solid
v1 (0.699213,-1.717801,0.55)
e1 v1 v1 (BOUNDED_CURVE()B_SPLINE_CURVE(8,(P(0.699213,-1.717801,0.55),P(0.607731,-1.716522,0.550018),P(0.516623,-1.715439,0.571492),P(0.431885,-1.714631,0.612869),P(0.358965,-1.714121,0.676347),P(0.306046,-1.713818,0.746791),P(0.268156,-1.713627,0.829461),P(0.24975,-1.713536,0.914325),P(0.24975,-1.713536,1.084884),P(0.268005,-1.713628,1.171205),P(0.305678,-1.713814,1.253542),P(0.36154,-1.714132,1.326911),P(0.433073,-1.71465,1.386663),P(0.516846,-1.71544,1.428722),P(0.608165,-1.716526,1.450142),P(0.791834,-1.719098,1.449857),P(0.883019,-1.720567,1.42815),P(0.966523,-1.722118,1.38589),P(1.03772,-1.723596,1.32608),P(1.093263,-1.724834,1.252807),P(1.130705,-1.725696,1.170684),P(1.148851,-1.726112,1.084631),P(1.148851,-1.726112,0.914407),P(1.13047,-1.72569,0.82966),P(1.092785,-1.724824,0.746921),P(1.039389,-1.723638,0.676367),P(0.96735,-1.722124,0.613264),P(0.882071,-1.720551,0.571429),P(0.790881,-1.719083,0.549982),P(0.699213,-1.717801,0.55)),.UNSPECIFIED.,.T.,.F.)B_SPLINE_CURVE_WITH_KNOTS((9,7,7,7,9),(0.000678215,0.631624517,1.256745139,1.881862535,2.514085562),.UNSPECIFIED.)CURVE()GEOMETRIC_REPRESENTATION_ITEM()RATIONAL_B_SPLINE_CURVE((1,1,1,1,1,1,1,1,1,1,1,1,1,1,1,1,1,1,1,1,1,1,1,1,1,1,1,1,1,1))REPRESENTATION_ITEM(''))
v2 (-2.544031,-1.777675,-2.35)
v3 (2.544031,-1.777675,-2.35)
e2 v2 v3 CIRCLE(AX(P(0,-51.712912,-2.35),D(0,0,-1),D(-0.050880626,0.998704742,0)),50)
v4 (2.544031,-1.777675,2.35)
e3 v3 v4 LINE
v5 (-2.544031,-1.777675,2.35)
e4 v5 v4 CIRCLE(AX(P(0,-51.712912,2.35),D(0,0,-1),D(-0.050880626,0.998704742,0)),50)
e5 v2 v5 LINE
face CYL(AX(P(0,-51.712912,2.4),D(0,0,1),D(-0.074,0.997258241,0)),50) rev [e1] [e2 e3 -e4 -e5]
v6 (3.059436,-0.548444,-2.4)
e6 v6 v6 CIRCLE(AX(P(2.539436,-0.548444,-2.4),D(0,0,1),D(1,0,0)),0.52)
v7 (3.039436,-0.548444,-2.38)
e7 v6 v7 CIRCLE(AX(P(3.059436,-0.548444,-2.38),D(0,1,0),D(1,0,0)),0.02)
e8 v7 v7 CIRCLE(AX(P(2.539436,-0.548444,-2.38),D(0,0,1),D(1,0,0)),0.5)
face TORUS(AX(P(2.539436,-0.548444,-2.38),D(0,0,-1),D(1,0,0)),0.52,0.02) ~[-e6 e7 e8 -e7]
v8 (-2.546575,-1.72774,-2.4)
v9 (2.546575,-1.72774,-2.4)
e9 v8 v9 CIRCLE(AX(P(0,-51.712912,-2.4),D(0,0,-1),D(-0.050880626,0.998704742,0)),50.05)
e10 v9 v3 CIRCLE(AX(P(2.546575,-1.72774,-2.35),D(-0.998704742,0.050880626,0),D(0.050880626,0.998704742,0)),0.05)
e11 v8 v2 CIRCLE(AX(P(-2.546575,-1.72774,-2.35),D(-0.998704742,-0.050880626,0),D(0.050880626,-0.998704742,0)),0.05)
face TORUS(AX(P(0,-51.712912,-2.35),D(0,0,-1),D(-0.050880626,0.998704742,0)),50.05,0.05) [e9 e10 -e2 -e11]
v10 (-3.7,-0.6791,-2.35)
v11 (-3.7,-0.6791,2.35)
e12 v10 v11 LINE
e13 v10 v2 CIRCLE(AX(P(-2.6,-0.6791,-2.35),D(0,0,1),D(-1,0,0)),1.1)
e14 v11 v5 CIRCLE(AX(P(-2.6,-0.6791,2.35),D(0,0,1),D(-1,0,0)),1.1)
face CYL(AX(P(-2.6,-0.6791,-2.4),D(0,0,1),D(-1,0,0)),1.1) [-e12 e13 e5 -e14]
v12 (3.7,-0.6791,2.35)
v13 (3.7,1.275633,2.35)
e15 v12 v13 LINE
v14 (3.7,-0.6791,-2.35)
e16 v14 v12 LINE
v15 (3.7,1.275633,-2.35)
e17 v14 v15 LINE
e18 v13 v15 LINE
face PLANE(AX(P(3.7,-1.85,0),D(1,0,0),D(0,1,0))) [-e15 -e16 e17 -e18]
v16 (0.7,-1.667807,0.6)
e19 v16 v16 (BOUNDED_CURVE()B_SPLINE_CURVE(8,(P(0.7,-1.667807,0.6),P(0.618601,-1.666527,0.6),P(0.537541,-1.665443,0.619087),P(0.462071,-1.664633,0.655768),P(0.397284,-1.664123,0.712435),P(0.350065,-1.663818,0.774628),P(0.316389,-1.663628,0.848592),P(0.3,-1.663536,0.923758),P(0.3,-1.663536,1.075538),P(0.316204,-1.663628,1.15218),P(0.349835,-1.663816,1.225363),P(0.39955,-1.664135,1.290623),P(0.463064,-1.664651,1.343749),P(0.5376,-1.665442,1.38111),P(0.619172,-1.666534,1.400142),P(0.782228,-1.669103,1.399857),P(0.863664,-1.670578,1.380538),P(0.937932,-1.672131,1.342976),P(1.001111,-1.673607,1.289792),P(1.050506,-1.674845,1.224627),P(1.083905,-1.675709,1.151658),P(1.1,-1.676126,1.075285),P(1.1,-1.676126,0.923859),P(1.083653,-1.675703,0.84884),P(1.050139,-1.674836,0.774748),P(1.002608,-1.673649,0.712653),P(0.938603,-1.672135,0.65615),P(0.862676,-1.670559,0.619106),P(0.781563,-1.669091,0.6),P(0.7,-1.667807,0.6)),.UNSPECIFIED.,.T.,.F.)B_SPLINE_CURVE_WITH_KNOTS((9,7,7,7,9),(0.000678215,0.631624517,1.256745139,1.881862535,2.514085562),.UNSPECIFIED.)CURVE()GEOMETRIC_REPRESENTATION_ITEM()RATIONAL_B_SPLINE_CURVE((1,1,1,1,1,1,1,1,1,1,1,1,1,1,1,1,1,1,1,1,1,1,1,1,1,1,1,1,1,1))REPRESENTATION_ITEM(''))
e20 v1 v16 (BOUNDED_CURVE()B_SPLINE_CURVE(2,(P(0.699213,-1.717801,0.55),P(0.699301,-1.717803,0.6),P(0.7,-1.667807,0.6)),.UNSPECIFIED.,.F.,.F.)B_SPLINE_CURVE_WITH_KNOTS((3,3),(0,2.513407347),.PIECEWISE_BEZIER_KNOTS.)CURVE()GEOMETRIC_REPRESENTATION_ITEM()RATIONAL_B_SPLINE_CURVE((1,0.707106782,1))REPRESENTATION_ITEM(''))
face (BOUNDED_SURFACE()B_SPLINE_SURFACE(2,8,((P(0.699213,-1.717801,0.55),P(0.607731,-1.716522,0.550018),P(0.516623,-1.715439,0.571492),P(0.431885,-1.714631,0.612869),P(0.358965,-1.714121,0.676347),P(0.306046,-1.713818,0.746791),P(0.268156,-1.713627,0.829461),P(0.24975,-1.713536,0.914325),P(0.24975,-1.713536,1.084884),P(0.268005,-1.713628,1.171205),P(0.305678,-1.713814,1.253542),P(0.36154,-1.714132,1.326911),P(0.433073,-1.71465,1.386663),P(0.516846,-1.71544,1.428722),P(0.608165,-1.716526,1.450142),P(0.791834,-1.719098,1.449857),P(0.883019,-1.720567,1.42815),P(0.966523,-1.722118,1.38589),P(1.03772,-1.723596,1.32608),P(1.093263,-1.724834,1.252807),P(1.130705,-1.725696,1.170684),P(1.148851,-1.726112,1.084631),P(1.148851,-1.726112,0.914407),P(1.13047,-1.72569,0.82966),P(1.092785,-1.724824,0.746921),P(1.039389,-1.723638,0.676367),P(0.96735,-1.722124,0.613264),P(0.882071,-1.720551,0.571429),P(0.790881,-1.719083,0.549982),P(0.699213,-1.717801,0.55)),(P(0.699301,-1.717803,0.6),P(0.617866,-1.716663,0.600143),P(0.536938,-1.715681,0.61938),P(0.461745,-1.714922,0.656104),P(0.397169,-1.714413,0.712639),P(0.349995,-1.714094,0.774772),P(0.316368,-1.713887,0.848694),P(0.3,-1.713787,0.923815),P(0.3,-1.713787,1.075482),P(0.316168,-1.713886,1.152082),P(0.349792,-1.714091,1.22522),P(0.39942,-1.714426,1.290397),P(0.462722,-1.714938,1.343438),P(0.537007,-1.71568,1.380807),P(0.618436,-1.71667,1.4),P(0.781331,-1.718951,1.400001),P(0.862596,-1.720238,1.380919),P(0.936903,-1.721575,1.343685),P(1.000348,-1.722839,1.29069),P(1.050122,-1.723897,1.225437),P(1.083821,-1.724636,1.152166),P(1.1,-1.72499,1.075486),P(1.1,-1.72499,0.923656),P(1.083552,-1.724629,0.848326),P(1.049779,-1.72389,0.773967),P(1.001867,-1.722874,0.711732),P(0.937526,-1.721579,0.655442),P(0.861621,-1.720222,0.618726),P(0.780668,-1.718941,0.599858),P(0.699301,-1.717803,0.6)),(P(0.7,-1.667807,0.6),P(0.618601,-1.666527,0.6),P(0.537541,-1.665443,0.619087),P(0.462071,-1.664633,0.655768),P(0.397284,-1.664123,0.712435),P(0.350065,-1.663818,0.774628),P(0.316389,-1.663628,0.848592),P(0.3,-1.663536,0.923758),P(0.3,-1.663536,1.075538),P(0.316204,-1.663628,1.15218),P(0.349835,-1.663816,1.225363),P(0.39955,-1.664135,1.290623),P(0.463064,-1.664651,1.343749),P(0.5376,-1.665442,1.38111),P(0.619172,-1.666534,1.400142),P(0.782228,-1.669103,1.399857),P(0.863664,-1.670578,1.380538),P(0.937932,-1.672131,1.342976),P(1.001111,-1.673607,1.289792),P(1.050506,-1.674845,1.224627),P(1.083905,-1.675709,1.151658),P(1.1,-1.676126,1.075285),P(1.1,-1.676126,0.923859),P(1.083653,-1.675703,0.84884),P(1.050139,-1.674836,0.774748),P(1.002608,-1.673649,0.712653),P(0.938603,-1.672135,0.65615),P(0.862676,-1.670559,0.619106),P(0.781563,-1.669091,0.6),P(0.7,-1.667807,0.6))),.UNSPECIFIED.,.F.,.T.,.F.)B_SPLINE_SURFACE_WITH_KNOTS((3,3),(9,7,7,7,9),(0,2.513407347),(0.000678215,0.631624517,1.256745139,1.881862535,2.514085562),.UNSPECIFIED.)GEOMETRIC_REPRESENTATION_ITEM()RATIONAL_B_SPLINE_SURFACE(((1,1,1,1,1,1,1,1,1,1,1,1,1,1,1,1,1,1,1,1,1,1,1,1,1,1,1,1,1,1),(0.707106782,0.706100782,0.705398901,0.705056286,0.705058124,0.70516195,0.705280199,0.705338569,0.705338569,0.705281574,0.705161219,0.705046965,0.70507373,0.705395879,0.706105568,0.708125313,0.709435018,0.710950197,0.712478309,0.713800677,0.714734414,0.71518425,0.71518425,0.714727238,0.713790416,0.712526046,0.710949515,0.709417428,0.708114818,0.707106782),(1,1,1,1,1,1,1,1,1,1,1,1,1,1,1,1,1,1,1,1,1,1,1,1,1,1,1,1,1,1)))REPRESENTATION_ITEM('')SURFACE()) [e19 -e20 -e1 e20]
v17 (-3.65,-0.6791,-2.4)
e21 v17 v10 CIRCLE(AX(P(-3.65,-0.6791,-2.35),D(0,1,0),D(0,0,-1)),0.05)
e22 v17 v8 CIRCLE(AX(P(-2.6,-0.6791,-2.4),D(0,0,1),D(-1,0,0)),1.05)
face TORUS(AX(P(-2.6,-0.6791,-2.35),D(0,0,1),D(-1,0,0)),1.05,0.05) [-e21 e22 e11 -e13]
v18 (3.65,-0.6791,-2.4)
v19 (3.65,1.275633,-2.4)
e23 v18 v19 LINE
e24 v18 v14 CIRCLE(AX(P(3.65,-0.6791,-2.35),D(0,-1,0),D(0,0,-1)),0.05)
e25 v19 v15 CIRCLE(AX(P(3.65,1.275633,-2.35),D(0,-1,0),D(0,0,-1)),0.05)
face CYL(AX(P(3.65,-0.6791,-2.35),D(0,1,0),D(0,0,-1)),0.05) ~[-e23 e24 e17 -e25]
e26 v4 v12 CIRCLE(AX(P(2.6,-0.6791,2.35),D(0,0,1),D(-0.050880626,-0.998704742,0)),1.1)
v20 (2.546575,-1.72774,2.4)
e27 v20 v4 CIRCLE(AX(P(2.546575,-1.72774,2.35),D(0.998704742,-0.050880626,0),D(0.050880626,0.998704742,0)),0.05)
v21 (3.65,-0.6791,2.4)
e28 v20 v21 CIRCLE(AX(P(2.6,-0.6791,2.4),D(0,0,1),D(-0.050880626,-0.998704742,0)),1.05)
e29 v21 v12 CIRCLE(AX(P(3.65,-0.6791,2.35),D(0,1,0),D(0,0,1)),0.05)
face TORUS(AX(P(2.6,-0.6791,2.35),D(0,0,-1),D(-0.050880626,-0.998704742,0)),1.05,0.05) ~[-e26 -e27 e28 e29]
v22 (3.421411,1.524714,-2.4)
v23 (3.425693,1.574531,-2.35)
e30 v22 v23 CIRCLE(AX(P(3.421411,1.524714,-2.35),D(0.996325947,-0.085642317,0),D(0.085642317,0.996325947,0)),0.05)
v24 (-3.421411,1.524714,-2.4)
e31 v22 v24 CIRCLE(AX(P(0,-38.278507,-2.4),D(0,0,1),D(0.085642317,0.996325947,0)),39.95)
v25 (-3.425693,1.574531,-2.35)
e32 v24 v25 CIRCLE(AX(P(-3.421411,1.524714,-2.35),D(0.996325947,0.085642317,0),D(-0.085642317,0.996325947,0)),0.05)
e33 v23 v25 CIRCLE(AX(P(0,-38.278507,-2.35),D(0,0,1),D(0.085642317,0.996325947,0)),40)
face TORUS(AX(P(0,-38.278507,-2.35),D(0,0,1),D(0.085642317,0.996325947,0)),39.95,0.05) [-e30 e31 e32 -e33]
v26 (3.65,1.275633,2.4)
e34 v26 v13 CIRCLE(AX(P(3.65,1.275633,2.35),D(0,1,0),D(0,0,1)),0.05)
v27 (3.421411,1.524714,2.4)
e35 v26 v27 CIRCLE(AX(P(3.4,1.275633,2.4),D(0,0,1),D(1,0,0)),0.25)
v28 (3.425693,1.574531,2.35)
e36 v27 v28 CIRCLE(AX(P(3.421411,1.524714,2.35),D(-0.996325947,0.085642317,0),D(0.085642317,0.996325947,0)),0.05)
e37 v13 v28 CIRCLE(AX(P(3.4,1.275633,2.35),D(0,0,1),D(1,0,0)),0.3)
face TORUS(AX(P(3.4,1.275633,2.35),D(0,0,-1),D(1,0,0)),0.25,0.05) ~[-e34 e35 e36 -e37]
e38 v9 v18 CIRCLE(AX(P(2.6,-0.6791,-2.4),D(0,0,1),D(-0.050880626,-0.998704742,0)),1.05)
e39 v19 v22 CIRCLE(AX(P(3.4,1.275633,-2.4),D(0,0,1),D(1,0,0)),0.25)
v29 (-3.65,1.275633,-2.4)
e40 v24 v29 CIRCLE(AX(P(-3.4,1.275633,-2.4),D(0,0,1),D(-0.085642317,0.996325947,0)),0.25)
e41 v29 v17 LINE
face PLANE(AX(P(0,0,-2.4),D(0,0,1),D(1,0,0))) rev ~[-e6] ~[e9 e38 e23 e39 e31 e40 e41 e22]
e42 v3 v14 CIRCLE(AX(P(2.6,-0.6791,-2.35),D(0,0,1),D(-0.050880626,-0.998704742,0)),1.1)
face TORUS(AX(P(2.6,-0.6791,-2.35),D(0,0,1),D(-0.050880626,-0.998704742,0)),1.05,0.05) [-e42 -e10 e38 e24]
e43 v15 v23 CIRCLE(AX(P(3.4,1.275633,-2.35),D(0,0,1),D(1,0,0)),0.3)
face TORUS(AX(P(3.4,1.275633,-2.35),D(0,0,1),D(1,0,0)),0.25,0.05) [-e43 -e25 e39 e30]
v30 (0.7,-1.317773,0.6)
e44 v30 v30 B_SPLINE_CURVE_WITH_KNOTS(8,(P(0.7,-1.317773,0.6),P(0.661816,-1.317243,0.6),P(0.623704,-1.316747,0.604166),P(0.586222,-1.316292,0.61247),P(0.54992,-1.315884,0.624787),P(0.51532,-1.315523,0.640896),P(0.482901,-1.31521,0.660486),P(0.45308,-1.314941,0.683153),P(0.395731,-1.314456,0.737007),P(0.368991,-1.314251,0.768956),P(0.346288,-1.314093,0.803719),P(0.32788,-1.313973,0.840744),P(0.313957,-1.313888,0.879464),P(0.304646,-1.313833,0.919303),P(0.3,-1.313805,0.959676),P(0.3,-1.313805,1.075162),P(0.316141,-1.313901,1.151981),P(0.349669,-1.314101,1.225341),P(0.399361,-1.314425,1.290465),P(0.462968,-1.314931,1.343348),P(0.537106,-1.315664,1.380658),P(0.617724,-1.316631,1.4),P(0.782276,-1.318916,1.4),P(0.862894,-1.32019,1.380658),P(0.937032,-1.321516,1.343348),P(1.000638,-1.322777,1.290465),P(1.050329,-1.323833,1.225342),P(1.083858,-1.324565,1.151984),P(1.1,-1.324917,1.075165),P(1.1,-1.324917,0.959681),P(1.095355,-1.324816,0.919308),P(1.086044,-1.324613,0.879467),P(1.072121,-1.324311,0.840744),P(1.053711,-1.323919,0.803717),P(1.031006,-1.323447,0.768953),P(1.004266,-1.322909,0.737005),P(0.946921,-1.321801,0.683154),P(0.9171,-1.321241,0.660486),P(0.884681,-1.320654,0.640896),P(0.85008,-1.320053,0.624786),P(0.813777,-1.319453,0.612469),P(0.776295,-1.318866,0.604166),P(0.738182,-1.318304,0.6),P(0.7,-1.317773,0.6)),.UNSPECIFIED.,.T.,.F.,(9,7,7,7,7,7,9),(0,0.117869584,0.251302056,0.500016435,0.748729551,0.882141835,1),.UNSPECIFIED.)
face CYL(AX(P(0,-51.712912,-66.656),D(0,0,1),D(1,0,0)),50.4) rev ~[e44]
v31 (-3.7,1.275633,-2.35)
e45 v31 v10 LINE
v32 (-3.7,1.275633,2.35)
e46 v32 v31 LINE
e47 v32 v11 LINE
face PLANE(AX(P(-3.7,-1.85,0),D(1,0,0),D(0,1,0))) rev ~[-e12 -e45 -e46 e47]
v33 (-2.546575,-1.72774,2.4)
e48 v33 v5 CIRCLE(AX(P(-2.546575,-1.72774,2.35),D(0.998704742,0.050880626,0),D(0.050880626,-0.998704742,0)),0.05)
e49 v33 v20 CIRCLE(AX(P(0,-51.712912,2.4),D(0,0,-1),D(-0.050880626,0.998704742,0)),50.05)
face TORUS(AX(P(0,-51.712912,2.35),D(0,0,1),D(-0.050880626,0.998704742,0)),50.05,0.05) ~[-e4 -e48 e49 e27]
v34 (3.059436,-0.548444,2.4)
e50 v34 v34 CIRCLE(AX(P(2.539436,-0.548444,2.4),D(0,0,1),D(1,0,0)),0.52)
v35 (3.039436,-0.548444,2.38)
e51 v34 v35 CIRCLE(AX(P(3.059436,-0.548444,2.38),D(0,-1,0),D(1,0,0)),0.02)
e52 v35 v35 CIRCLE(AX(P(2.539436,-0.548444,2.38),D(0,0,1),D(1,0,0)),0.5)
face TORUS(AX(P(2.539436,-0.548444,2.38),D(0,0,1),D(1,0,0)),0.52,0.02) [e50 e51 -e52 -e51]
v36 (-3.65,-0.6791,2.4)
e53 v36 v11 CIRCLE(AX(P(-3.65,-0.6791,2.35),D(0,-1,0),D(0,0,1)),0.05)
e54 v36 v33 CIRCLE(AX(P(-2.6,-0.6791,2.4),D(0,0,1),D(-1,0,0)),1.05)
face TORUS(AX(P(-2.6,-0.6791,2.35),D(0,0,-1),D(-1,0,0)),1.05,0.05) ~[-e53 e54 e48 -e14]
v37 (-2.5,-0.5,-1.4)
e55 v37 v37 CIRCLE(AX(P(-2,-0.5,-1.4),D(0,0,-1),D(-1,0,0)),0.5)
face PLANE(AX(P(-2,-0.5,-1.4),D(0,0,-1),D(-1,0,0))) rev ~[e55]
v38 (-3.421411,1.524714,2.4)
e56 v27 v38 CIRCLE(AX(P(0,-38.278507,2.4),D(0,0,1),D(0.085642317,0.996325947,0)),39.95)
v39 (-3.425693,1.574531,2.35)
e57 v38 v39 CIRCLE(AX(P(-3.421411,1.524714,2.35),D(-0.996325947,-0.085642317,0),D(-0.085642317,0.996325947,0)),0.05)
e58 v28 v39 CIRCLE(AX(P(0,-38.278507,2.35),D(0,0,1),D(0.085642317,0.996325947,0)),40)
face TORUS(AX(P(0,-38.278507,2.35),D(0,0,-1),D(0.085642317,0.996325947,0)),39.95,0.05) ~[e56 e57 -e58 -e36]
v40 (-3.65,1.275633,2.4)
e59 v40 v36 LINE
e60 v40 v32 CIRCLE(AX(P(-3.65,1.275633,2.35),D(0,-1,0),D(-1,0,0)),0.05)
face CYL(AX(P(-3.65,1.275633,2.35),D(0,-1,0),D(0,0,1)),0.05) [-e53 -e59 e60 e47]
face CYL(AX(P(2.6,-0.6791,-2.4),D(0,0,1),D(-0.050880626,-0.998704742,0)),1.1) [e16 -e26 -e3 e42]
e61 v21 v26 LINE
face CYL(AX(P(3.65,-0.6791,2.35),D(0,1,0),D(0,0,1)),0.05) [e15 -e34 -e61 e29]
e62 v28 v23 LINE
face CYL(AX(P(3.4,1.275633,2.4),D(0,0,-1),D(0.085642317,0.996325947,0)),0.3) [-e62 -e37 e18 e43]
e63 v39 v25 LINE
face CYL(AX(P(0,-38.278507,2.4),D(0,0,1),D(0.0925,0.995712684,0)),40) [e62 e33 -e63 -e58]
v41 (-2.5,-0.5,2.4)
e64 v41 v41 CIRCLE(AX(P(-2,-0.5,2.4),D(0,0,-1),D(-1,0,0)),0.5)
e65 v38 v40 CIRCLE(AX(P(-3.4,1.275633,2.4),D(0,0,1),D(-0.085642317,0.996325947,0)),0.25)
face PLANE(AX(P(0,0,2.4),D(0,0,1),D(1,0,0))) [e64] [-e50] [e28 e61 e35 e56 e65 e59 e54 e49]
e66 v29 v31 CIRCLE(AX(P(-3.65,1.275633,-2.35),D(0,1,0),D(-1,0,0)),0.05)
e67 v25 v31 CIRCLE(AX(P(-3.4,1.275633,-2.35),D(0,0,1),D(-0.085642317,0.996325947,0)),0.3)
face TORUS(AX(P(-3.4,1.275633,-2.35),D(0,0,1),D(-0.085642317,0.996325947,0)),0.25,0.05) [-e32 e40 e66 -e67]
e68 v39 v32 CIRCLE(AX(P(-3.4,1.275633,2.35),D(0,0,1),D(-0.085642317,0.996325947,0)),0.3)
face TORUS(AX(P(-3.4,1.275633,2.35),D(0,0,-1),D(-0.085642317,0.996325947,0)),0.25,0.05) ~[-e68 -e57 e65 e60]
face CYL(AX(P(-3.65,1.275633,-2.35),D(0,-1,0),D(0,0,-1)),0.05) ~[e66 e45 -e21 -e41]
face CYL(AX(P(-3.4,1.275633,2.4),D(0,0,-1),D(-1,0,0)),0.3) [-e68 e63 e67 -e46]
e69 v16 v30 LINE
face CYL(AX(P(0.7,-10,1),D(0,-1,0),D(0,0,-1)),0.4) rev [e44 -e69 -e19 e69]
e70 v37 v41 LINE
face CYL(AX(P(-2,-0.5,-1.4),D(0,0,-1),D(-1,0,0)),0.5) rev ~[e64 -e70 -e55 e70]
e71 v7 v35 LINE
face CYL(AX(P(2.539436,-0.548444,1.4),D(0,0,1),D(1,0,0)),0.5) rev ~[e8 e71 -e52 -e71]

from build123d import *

# Parameters (mm, degrees)
SKETCH1_W               = 7.4
SKETCH1_H               = 3.7
BOSS_EXTRUDE1_DEPTH     = 2.4
CUT_EXTRUDE1_DEPTH      = 4.8
FILLET1_R               = 1.1
FILLET2_R               = 0.3
FILLET3_R               = 0.05
CUT_EXTRUDE2_START      = -1
SKETCH3_R               = 0.5
CUT_EXTRUDE2_DEPTH      = 7.4
FILLET4_R               = 0.02
CUT_EXTRUDE3_START      = -1
SKETCH4_R               = 0.5
CUT_EXTRUDE3_DEPTH      = 4.5
CUT_EXTRUDE4_REACH      = 16.756
CUT_EXTRUDE4_END_RADIUS = 50.4
CUT_EXTRUDE4_START      = -10
SKETCH5_R               = 0.4
FILLET5_R               = 0.05


with BuildPart() as part:
    # Sketch1 → Boss-Extrude1 (new, symmetric)
    with BuildSketch(Plane.XY):
        Rectangle(SKETCH1_W, SKETCH1_H)
    extrude(amount=BOSS_EXTRUDE1_DEPTH, both=True)

    # Sketch2 → Cut-Extrude1 (cut)
    with BuildSketch(Plane.XY.offset(2.4)):
        with BuildLine():
            Line((-3.7, 1.55), (-7.120690005, 4.011417256))
            Line((-7.120690005, 4.011417256), (5.535860742, 3.886722174))
            Line((5.535860742, 3.886722174), (3.7, 1.55))
            ThreePointArc((3.7, 1.55), (0, 1.721492621), (-3.7, 1.55))
        make_face()
        with BuildLine():
            Line((3.7, -1.85), (0.350623614, -3.782025322))
            Line((0.350623614, -3.782025322), (-3.7, -1.85))
            ThreePointArc((-3.7, -1.85), (0, -1.712912069), (3.7, -1.85))
        make_face()
    extrude(amount=-CUT_EXTRUDE1_DEPTH, mode=Mode.SUBTRACT)

    # Fillet1
    fillet1_edges = [part.edges().sort_by_distance(p)[0] for p in [
        (3.7, -1.85, 0),
        (-3.7, -1.85, 0),
    ]]
    fillet(fillet1_edges, radius=FILLET1_R)

    # Fillet2
    fillet2_edges = [part.edges().sort_by_distance(p)[0] for p in [
        (3.7, 1.55, 0),
        (-3.7, 1.55, 0),
    ]]
    fillet(fillet2_edges, radius=FILLET2_R)

    # Fillet3
    fillet3_edges = [part.edges().sort_by_distance(p)[0] for p in [
        (3.7, 0.298266493, -2.4),
        (3.7, 0.298266493, 2.4),
        (0, -1.712912069, -2.4),
        (-3.35777122, -1.476459629, -2.4),
        (3.35777122, -1.476459629, -2.4),
        (0, -1.712912069, 2.4),
        (-3.35777122, -1.476459629, 2.4),
        (3.35777122, -1.476459629, 2.4),
        (0, 1.721492621, 2.4),
        (-3.7, 0.298266493, 2.4),
        (-3.621029193, 1.478477738, 2.4),
        (3.621029193, 1.478477738, 2.4),
        (0, 1.721492621, -2.4),
        (-3.7, 0.298266493, -2.4),
        (-3.621029193, 1.478477738, -2.4),
        (3.621029193, 1.478477738, -2.4),
    ]]
    fillet(fillet3_edges, radius=FILLET3_R)

    # Sketch3 → Cut-Extrude2 (cut, symmetric)
    with BuildSketch(Plane.XY.offset(2.4).offset(CUT_EXTRUDE2_START)):
        with Locations((2.539436079, -0.548443568)):
            Circle(SKETCH3_R)
    extrude(amount=CUT_EXTRUDE2_DEPTH, both=True, mode=Mode.SUBTRACT)

    # Fillet4
    fillet4_edges = [part.edges().sort_by_distance(p)[0] for p in [
        (2.039436079, -0.548443568, 2.4),
        (2.039436079, -0.548443568, -2.4),
    ]]
    fillet(fillet4_edges, radius=FILLET4_R)

    # Sketch4 → Cut-Extrude3 (cut)
    with BuildSketch(Plane(origin=(0, 0, -2.4), x_dir=(-1, 0, 0), z_dir=(0, 0, -1)).offset(CUT_EXTRUDE3_START)):
        with Locations((2, -0.5)):
            Circle(SKETCH4_R)
    extrude(amount=-CUT_EXTRUDE3_DEPTH, mode=Mode.SUBTRACT)

    # Cut-Extrude4: up to this cylinder (the profile starts inside it)
    cut_extrude4_end = Plane(origin=(0, -51.712912069, 1), z_dir=(0, 0, 1)) * Cylinder(CUT_EXTRUDE4_END_RADIUS, 135.312, mode=Mode.PRIVATE)
    # Sketch5 → Cut-Extrude4 (cut, up to the surface)
    with BuildSketch(Plane(origin=(0, 0, 0), x_dir=(1, 0, 0), z_dir=(0, 1, 0)).offset(CUT_EXTRUDE4_START), mode=Mode.PRIVATE) as cut_extrude4_sk1:
        with Locations(Location((0.7, -1, 0), (0, 0, 90))):
            Circle(SKETCH5_R)
    cut_extrude4_tool1 = extrude(cut_extrude4_sk1.sketch, amount=CUT_EXTRUDE4_REACH, mode=Mode.PRIVATE) & cut_extrude4_end
    add(cut_extrude4_tool1.solids().sort_by_distance((0.7, -10, 1))[0], mode=Mode.SUBTRACT)

    # Fillet5
    fillet5_edges = [part.edges().sort_by_distance(p)[0] for p in [
        (0.700029875, -1.717812727, 1.399999999),
    ]]
    fillet(fillet5_edges, radius=FILLET5_R)


solid = part.part
